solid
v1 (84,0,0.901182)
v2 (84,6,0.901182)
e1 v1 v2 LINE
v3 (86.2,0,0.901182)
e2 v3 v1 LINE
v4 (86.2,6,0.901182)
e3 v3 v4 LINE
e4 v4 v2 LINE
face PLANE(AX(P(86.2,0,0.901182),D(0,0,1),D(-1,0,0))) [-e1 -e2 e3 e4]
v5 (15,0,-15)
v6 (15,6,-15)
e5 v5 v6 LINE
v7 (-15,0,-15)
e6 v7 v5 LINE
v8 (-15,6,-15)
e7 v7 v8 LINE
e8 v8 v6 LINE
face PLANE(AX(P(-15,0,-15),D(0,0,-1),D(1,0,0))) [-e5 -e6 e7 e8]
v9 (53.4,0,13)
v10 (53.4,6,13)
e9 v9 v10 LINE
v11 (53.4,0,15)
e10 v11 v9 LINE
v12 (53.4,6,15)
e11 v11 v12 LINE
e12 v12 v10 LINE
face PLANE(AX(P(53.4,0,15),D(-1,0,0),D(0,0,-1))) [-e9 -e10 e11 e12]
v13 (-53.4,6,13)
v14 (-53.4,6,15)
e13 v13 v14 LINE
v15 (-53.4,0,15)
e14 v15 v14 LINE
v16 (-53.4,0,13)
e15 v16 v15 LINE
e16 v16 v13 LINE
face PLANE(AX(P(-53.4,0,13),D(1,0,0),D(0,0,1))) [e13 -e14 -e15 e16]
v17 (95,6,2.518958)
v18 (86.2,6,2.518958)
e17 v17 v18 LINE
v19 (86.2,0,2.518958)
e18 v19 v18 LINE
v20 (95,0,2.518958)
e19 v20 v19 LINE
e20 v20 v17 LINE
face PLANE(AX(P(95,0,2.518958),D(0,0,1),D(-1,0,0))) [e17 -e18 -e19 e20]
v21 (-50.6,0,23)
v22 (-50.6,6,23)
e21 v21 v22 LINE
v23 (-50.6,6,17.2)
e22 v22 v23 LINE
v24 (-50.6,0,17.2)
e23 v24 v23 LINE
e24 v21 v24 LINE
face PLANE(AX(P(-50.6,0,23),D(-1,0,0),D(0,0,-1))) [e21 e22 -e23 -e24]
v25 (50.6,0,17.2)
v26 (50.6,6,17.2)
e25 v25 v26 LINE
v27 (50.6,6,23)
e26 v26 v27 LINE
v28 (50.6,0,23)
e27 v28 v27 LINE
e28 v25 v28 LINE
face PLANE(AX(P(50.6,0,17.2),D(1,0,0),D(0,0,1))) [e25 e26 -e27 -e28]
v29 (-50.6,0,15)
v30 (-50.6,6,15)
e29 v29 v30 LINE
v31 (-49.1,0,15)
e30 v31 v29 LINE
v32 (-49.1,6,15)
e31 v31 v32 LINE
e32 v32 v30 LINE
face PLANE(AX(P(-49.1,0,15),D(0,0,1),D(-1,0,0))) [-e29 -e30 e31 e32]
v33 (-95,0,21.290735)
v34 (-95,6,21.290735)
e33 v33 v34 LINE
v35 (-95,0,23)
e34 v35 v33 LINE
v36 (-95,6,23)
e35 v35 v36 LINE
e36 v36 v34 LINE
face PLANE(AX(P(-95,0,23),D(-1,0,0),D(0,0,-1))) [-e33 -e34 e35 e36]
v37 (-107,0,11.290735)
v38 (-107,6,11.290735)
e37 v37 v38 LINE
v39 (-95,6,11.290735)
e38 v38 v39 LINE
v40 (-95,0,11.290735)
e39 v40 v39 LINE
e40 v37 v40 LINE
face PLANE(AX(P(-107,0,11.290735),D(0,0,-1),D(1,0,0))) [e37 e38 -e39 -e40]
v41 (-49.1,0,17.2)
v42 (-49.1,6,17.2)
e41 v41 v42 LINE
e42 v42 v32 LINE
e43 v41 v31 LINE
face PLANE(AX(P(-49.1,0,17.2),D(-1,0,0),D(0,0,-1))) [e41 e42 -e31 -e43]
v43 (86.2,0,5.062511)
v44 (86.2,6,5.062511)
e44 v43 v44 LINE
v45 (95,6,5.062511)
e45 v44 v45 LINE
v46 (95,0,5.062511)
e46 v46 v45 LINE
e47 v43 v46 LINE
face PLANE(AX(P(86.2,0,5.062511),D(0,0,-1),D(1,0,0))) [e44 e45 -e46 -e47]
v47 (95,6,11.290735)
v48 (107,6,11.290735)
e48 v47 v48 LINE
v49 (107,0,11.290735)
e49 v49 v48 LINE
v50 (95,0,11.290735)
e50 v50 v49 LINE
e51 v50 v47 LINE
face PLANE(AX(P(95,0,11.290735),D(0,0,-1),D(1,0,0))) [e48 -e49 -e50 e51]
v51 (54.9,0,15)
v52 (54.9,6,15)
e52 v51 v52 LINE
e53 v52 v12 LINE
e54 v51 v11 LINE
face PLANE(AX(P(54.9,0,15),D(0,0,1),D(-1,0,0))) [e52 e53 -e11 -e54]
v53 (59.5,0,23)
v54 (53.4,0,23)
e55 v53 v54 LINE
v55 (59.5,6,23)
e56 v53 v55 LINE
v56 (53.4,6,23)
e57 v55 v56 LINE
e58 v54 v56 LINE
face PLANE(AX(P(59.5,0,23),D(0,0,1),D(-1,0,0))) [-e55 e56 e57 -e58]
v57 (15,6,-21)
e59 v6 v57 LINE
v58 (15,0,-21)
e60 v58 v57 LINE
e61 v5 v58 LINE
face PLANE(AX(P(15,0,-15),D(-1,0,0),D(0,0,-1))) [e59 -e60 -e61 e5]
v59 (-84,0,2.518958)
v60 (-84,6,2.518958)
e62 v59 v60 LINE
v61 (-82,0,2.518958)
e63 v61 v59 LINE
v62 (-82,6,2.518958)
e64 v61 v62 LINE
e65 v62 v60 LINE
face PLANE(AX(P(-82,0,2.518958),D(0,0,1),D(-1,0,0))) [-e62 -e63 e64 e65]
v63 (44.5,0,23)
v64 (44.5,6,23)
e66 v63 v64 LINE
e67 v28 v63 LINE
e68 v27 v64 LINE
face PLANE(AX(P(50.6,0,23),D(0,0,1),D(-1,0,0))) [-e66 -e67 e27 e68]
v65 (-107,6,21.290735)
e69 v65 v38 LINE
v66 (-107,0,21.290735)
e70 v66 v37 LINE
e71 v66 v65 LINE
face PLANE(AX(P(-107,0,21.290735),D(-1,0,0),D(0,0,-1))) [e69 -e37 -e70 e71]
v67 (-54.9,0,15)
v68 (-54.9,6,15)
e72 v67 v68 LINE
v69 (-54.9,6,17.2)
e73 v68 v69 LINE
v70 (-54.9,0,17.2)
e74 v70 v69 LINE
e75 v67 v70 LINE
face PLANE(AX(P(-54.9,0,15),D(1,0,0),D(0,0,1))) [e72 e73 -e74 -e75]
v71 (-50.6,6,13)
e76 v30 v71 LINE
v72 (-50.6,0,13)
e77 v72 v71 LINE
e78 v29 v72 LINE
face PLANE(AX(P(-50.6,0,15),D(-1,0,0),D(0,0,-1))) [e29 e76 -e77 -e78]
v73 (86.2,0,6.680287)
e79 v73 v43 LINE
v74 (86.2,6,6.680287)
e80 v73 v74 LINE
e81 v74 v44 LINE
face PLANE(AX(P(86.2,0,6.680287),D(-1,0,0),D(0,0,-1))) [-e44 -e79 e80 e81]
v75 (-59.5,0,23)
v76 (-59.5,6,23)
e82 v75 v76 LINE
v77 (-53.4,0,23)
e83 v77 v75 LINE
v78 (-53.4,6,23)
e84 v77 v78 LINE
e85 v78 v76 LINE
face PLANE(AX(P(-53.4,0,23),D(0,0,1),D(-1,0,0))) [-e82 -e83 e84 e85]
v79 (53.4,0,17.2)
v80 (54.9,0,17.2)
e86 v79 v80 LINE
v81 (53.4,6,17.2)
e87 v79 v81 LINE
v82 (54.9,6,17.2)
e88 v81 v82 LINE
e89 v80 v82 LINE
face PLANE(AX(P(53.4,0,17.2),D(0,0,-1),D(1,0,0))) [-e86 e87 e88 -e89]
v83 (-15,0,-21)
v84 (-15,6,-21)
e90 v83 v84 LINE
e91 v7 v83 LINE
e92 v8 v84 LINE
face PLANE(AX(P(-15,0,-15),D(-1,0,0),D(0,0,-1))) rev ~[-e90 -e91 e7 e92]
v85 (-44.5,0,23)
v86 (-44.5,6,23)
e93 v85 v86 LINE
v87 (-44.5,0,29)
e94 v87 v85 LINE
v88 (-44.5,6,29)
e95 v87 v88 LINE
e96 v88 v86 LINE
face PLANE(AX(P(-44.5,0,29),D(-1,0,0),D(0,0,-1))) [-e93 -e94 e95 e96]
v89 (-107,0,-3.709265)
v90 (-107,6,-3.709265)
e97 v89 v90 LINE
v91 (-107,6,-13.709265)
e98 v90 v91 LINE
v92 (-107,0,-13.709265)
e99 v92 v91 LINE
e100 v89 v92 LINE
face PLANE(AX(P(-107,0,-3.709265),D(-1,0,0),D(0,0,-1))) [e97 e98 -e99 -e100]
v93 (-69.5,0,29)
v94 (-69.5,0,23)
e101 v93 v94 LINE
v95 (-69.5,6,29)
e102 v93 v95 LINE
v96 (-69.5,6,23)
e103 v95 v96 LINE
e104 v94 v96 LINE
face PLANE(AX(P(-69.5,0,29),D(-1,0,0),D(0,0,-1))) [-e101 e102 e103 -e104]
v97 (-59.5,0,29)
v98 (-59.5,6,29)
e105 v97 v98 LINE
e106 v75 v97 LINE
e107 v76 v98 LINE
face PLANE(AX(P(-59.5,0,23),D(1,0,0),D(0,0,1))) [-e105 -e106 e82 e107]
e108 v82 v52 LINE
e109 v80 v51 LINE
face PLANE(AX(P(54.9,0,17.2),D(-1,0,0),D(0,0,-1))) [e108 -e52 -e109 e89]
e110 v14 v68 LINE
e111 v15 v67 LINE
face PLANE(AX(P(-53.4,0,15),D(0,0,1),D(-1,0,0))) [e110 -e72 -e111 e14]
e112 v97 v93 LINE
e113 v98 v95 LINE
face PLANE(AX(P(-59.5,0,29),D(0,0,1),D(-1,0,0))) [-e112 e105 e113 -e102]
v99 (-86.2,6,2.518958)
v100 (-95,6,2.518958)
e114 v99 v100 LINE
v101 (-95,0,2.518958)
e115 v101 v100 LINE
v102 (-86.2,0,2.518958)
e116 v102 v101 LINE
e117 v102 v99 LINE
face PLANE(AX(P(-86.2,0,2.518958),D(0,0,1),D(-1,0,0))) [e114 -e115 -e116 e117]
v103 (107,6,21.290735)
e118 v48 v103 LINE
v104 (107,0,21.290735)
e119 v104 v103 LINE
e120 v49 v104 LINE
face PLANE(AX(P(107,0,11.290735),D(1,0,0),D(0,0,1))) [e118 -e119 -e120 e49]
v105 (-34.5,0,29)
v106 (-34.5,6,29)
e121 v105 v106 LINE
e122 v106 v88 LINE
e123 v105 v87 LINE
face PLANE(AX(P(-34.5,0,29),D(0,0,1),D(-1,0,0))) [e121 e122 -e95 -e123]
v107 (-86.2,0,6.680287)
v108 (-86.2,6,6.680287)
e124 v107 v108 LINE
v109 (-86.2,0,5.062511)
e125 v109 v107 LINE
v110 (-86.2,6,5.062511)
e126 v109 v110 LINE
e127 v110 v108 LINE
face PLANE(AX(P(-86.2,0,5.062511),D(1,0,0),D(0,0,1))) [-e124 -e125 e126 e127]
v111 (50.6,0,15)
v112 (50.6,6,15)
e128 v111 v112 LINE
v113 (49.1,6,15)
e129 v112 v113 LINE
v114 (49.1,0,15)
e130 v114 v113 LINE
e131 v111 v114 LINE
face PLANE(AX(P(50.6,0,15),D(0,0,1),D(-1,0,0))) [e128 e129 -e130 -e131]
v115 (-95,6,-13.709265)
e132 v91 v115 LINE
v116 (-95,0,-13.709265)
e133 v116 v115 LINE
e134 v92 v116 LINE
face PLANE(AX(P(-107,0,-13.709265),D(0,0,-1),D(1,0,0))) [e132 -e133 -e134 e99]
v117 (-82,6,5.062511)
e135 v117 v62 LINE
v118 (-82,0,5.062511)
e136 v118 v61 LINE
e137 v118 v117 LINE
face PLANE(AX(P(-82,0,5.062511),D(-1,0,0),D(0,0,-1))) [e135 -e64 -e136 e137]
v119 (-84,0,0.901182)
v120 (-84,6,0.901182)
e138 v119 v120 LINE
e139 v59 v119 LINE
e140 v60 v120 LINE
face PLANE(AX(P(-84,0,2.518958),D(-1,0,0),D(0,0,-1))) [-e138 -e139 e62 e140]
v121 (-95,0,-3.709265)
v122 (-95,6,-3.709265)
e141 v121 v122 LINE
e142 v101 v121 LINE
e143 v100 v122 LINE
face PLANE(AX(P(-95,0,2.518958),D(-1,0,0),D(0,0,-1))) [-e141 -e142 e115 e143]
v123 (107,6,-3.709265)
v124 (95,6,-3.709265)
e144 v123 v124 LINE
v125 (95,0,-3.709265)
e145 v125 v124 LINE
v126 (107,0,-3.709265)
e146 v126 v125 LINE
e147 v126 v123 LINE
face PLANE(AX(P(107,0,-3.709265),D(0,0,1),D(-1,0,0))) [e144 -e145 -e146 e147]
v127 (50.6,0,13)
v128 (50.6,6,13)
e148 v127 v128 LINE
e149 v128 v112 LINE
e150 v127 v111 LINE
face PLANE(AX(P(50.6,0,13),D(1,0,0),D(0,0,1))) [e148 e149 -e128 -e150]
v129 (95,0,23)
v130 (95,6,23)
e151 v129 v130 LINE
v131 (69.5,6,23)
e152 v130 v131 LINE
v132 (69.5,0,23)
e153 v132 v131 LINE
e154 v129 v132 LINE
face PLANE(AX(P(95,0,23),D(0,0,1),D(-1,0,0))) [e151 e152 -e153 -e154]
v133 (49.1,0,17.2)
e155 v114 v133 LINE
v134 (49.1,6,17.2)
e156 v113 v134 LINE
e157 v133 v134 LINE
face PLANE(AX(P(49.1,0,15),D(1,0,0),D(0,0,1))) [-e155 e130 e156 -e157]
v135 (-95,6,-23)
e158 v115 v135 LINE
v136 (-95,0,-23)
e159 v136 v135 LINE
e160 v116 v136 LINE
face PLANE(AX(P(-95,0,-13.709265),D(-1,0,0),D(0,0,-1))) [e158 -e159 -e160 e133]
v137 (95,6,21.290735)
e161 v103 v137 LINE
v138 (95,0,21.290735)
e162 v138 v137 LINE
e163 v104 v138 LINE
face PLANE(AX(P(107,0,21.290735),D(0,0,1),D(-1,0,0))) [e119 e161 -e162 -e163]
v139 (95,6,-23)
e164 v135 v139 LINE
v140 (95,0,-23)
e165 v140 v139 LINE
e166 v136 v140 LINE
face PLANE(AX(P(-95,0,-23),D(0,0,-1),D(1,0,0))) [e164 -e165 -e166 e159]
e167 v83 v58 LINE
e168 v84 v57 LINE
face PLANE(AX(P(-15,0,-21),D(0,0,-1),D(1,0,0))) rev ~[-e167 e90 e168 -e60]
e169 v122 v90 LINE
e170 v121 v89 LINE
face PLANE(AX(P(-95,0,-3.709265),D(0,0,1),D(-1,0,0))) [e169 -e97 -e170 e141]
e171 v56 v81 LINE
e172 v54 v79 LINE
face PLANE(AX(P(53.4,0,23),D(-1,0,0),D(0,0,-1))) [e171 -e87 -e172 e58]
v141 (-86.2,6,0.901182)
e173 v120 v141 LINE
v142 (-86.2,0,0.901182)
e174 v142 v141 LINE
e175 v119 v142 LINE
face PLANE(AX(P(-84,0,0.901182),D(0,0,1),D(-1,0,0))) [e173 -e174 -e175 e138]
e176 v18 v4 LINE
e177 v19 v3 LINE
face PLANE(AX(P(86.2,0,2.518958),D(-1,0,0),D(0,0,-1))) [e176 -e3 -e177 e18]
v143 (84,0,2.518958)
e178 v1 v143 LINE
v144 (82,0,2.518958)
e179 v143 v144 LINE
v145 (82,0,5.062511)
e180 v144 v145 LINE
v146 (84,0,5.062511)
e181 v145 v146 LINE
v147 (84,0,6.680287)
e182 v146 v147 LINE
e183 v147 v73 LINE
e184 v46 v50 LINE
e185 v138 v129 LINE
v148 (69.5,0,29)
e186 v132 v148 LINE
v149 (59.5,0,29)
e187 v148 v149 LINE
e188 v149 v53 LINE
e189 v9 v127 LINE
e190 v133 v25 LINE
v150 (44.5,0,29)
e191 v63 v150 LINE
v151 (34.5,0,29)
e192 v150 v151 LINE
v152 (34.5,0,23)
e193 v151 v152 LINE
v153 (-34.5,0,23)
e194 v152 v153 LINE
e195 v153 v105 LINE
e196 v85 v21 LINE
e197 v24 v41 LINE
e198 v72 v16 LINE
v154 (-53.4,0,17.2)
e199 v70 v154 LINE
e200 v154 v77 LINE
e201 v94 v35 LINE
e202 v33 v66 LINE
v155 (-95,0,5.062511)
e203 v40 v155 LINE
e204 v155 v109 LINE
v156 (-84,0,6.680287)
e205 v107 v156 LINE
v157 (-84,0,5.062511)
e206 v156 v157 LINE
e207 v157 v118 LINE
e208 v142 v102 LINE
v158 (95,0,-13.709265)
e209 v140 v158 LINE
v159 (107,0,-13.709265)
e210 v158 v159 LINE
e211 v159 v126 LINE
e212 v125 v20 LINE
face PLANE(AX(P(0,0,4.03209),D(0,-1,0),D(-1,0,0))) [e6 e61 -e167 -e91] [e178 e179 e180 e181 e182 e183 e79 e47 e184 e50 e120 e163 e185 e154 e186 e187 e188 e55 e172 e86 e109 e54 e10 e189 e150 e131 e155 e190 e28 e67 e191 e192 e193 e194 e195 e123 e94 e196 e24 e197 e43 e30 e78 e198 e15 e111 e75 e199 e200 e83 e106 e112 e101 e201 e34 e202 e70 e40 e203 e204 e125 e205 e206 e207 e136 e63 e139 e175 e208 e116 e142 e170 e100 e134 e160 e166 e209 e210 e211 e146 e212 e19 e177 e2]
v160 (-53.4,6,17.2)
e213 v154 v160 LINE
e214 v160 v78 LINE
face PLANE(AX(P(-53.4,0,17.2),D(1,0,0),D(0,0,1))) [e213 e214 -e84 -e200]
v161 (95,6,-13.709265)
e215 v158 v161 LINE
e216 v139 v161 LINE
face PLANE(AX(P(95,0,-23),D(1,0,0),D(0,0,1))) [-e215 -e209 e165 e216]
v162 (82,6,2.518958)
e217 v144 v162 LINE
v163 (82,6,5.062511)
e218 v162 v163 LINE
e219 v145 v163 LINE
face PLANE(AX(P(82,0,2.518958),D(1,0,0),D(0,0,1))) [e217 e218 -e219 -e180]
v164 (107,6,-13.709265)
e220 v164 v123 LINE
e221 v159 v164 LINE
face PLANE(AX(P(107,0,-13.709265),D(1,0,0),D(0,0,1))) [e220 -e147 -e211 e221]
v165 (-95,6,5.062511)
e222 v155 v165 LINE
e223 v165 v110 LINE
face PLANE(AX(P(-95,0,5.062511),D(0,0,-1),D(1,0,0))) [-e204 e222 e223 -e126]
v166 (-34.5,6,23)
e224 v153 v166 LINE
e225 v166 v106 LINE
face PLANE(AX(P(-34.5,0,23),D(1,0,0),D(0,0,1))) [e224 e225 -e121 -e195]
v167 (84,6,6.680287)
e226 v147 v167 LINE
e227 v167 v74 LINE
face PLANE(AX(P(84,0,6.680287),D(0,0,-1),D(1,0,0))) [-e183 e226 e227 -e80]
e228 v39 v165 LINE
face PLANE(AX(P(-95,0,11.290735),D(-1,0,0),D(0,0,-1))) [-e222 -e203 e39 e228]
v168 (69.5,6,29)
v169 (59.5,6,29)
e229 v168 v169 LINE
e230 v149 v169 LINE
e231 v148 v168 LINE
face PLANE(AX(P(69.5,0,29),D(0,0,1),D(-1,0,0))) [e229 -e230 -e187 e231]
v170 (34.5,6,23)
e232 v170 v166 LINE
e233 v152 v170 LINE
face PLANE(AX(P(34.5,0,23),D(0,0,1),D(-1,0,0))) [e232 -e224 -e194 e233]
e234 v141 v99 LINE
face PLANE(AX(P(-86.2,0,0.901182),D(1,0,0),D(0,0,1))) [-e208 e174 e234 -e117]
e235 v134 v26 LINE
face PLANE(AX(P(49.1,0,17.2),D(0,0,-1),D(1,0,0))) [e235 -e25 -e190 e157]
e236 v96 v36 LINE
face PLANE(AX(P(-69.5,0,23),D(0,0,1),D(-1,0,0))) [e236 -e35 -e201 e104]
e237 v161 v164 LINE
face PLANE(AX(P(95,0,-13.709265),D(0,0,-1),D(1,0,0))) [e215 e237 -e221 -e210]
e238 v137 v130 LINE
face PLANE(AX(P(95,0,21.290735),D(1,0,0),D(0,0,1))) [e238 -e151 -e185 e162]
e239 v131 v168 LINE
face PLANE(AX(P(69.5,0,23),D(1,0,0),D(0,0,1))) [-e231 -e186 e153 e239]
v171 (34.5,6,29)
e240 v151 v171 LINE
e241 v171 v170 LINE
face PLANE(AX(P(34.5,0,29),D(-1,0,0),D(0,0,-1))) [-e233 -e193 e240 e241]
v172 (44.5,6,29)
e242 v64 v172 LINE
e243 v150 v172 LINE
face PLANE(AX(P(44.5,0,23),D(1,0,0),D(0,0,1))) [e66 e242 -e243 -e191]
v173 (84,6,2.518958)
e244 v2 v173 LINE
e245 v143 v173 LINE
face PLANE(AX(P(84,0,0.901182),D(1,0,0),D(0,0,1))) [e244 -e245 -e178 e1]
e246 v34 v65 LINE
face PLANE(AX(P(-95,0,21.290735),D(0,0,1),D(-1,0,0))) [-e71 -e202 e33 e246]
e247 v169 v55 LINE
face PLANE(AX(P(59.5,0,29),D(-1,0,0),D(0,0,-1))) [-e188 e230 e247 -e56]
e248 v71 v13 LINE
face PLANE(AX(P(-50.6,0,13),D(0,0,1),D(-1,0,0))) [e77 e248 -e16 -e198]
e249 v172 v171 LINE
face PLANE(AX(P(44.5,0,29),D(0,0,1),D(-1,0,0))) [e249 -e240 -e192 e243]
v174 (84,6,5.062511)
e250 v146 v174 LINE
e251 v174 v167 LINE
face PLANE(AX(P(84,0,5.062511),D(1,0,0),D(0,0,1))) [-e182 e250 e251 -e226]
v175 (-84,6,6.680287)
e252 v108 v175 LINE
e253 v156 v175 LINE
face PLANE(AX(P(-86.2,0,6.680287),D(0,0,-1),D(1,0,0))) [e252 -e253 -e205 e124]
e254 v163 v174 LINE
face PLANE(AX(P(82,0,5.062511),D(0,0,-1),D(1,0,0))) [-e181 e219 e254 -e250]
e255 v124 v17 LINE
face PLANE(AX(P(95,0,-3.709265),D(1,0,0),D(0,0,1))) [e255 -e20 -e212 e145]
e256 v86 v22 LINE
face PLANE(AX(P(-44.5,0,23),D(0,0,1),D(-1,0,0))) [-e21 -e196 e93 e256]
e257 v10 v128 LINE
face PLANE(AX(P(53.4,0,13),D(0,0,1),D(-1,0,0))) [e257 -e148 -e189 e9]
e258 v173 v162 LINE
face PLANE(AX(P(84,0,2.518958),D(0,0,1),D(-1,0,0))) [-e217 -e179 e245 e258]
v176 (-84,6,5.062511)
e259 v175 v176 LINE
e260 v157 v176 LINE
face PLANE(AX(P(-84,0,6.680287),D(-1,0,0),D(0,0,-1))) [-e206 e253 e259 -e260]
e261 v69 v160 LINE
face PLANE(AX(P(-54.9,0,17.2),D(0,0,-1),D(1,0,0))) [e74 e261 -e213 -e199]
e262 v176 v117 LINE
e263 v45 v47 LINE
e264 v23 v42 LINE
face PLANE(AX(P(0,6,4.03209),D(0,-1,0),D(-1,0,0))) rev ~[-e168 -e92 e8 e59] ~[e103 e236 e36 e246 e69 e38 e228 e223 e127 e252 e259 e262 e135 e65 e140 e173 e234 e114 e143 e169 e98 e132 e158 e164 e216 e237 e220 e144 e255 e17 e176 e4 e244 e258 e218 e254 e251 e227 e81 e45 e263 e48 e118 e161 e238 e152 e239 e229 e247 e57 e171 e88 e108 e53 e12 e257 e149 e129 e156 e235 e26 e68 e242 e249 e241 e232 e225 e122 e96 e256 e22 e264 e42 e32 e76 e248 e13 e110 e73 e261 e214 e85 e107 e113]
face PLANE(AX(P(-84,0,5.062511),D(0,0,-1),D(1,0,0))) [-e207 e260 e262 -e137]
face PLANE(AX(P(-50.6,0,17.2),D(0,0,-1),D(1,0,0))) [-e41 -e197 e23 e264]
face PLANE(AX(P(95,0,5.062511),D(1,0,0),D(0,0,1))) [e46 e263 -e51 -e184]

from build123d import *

# Parameters (mm, degrees)
SKETCH_1_W      = 30
SKETCH_1_H      = 6
EXTRUDE_1_DEPTH = 6


with BuildPart() as part:
    # Эскиз1 → Бобышка-Вытянуть1 (new body)
    with BuildSketch(Plane(origin=(0, 0, 0), x_dir=(1, 0, 0), z_dir=(0, 1, 0))):
        Polygon((-95, 23), (95, 23), (95, 13.709265489), (107, 13.709265489), (107, 3.709265489), (95, 3.709265489), (95, -2.518957871), (86.2, -2.518957871), (86.2, -0.901182203), (84, -0.901182203), (84, -2.518957871), (82, -2.518957871), (82, -5.062511151), (84, -5.062511151), (84, -6.68028682), (86.2, -6.68028682), (86.2, -5.062511151), (95, -5.062511151), (95, -11.290734511), (107, -11.290734511), (107, -21.290734511), (95, -21.290734511), (95, -23), (69.5, -23), (69.5, -29), (59.5, -29), (59.5, -23), (53.4, -23), (53.4, -17.2), (54.9, -17.2), (54.9, -15), (53.4, -15), (53.4, -13), (50.6, -13), (50.6, -15), (49.1, -15), (49.1, -17.2), (50.6, -17.2), (50.6, -23), (44.5, -23), (44.5, -29), (34.5, -29), (34.5, -23), (-34.5, -23), (-34.5, -29), (-44.5, -29), (-44.5, -23), (-50.6, -23), (-50.6, -17.2), (-49.1, -17.2), (-49.1, -15), (-50.6, -15), (-50.6, -13), (-53.4, -13), (-53.4, -15), (-54.9, -15), (-54.9, -17.2), (-53.4, -17.2), (-53.4, -23), (-59.5, -23), (-59.5, -29), (-69.5, -29), (-69.5, -23), (-95, -23), (-95, -21.290734511), (-107, -21.290734511), (-107, -11.290734511), (-95, -11.290734511), (-95, -5.062511151), (-86.2, -5.062511151), (-86.2, -6.68028682), (-84, -6.68028682), (-84, -5.062511151), (-82, -5.062511151), (-82, -2.518957871), (-84, -2.518957871), (-84, -0.901182203), (-86.2, -0.901182203), (-86.2, -2.518957871), (-95, -2.518957871), (-95, 3.709265489), (-107, 3.709265489), (-107, 13.709265489), (-95, 13.709265489), align=None)
        with Locations((0, 18)):
            Rectangle(SKETCH_1_W, SKETCH_1_H, mode=Mode.SUBTRACT)
    extrude(amount=EXTRUDE_1_DEPTH)


solid = part.part
